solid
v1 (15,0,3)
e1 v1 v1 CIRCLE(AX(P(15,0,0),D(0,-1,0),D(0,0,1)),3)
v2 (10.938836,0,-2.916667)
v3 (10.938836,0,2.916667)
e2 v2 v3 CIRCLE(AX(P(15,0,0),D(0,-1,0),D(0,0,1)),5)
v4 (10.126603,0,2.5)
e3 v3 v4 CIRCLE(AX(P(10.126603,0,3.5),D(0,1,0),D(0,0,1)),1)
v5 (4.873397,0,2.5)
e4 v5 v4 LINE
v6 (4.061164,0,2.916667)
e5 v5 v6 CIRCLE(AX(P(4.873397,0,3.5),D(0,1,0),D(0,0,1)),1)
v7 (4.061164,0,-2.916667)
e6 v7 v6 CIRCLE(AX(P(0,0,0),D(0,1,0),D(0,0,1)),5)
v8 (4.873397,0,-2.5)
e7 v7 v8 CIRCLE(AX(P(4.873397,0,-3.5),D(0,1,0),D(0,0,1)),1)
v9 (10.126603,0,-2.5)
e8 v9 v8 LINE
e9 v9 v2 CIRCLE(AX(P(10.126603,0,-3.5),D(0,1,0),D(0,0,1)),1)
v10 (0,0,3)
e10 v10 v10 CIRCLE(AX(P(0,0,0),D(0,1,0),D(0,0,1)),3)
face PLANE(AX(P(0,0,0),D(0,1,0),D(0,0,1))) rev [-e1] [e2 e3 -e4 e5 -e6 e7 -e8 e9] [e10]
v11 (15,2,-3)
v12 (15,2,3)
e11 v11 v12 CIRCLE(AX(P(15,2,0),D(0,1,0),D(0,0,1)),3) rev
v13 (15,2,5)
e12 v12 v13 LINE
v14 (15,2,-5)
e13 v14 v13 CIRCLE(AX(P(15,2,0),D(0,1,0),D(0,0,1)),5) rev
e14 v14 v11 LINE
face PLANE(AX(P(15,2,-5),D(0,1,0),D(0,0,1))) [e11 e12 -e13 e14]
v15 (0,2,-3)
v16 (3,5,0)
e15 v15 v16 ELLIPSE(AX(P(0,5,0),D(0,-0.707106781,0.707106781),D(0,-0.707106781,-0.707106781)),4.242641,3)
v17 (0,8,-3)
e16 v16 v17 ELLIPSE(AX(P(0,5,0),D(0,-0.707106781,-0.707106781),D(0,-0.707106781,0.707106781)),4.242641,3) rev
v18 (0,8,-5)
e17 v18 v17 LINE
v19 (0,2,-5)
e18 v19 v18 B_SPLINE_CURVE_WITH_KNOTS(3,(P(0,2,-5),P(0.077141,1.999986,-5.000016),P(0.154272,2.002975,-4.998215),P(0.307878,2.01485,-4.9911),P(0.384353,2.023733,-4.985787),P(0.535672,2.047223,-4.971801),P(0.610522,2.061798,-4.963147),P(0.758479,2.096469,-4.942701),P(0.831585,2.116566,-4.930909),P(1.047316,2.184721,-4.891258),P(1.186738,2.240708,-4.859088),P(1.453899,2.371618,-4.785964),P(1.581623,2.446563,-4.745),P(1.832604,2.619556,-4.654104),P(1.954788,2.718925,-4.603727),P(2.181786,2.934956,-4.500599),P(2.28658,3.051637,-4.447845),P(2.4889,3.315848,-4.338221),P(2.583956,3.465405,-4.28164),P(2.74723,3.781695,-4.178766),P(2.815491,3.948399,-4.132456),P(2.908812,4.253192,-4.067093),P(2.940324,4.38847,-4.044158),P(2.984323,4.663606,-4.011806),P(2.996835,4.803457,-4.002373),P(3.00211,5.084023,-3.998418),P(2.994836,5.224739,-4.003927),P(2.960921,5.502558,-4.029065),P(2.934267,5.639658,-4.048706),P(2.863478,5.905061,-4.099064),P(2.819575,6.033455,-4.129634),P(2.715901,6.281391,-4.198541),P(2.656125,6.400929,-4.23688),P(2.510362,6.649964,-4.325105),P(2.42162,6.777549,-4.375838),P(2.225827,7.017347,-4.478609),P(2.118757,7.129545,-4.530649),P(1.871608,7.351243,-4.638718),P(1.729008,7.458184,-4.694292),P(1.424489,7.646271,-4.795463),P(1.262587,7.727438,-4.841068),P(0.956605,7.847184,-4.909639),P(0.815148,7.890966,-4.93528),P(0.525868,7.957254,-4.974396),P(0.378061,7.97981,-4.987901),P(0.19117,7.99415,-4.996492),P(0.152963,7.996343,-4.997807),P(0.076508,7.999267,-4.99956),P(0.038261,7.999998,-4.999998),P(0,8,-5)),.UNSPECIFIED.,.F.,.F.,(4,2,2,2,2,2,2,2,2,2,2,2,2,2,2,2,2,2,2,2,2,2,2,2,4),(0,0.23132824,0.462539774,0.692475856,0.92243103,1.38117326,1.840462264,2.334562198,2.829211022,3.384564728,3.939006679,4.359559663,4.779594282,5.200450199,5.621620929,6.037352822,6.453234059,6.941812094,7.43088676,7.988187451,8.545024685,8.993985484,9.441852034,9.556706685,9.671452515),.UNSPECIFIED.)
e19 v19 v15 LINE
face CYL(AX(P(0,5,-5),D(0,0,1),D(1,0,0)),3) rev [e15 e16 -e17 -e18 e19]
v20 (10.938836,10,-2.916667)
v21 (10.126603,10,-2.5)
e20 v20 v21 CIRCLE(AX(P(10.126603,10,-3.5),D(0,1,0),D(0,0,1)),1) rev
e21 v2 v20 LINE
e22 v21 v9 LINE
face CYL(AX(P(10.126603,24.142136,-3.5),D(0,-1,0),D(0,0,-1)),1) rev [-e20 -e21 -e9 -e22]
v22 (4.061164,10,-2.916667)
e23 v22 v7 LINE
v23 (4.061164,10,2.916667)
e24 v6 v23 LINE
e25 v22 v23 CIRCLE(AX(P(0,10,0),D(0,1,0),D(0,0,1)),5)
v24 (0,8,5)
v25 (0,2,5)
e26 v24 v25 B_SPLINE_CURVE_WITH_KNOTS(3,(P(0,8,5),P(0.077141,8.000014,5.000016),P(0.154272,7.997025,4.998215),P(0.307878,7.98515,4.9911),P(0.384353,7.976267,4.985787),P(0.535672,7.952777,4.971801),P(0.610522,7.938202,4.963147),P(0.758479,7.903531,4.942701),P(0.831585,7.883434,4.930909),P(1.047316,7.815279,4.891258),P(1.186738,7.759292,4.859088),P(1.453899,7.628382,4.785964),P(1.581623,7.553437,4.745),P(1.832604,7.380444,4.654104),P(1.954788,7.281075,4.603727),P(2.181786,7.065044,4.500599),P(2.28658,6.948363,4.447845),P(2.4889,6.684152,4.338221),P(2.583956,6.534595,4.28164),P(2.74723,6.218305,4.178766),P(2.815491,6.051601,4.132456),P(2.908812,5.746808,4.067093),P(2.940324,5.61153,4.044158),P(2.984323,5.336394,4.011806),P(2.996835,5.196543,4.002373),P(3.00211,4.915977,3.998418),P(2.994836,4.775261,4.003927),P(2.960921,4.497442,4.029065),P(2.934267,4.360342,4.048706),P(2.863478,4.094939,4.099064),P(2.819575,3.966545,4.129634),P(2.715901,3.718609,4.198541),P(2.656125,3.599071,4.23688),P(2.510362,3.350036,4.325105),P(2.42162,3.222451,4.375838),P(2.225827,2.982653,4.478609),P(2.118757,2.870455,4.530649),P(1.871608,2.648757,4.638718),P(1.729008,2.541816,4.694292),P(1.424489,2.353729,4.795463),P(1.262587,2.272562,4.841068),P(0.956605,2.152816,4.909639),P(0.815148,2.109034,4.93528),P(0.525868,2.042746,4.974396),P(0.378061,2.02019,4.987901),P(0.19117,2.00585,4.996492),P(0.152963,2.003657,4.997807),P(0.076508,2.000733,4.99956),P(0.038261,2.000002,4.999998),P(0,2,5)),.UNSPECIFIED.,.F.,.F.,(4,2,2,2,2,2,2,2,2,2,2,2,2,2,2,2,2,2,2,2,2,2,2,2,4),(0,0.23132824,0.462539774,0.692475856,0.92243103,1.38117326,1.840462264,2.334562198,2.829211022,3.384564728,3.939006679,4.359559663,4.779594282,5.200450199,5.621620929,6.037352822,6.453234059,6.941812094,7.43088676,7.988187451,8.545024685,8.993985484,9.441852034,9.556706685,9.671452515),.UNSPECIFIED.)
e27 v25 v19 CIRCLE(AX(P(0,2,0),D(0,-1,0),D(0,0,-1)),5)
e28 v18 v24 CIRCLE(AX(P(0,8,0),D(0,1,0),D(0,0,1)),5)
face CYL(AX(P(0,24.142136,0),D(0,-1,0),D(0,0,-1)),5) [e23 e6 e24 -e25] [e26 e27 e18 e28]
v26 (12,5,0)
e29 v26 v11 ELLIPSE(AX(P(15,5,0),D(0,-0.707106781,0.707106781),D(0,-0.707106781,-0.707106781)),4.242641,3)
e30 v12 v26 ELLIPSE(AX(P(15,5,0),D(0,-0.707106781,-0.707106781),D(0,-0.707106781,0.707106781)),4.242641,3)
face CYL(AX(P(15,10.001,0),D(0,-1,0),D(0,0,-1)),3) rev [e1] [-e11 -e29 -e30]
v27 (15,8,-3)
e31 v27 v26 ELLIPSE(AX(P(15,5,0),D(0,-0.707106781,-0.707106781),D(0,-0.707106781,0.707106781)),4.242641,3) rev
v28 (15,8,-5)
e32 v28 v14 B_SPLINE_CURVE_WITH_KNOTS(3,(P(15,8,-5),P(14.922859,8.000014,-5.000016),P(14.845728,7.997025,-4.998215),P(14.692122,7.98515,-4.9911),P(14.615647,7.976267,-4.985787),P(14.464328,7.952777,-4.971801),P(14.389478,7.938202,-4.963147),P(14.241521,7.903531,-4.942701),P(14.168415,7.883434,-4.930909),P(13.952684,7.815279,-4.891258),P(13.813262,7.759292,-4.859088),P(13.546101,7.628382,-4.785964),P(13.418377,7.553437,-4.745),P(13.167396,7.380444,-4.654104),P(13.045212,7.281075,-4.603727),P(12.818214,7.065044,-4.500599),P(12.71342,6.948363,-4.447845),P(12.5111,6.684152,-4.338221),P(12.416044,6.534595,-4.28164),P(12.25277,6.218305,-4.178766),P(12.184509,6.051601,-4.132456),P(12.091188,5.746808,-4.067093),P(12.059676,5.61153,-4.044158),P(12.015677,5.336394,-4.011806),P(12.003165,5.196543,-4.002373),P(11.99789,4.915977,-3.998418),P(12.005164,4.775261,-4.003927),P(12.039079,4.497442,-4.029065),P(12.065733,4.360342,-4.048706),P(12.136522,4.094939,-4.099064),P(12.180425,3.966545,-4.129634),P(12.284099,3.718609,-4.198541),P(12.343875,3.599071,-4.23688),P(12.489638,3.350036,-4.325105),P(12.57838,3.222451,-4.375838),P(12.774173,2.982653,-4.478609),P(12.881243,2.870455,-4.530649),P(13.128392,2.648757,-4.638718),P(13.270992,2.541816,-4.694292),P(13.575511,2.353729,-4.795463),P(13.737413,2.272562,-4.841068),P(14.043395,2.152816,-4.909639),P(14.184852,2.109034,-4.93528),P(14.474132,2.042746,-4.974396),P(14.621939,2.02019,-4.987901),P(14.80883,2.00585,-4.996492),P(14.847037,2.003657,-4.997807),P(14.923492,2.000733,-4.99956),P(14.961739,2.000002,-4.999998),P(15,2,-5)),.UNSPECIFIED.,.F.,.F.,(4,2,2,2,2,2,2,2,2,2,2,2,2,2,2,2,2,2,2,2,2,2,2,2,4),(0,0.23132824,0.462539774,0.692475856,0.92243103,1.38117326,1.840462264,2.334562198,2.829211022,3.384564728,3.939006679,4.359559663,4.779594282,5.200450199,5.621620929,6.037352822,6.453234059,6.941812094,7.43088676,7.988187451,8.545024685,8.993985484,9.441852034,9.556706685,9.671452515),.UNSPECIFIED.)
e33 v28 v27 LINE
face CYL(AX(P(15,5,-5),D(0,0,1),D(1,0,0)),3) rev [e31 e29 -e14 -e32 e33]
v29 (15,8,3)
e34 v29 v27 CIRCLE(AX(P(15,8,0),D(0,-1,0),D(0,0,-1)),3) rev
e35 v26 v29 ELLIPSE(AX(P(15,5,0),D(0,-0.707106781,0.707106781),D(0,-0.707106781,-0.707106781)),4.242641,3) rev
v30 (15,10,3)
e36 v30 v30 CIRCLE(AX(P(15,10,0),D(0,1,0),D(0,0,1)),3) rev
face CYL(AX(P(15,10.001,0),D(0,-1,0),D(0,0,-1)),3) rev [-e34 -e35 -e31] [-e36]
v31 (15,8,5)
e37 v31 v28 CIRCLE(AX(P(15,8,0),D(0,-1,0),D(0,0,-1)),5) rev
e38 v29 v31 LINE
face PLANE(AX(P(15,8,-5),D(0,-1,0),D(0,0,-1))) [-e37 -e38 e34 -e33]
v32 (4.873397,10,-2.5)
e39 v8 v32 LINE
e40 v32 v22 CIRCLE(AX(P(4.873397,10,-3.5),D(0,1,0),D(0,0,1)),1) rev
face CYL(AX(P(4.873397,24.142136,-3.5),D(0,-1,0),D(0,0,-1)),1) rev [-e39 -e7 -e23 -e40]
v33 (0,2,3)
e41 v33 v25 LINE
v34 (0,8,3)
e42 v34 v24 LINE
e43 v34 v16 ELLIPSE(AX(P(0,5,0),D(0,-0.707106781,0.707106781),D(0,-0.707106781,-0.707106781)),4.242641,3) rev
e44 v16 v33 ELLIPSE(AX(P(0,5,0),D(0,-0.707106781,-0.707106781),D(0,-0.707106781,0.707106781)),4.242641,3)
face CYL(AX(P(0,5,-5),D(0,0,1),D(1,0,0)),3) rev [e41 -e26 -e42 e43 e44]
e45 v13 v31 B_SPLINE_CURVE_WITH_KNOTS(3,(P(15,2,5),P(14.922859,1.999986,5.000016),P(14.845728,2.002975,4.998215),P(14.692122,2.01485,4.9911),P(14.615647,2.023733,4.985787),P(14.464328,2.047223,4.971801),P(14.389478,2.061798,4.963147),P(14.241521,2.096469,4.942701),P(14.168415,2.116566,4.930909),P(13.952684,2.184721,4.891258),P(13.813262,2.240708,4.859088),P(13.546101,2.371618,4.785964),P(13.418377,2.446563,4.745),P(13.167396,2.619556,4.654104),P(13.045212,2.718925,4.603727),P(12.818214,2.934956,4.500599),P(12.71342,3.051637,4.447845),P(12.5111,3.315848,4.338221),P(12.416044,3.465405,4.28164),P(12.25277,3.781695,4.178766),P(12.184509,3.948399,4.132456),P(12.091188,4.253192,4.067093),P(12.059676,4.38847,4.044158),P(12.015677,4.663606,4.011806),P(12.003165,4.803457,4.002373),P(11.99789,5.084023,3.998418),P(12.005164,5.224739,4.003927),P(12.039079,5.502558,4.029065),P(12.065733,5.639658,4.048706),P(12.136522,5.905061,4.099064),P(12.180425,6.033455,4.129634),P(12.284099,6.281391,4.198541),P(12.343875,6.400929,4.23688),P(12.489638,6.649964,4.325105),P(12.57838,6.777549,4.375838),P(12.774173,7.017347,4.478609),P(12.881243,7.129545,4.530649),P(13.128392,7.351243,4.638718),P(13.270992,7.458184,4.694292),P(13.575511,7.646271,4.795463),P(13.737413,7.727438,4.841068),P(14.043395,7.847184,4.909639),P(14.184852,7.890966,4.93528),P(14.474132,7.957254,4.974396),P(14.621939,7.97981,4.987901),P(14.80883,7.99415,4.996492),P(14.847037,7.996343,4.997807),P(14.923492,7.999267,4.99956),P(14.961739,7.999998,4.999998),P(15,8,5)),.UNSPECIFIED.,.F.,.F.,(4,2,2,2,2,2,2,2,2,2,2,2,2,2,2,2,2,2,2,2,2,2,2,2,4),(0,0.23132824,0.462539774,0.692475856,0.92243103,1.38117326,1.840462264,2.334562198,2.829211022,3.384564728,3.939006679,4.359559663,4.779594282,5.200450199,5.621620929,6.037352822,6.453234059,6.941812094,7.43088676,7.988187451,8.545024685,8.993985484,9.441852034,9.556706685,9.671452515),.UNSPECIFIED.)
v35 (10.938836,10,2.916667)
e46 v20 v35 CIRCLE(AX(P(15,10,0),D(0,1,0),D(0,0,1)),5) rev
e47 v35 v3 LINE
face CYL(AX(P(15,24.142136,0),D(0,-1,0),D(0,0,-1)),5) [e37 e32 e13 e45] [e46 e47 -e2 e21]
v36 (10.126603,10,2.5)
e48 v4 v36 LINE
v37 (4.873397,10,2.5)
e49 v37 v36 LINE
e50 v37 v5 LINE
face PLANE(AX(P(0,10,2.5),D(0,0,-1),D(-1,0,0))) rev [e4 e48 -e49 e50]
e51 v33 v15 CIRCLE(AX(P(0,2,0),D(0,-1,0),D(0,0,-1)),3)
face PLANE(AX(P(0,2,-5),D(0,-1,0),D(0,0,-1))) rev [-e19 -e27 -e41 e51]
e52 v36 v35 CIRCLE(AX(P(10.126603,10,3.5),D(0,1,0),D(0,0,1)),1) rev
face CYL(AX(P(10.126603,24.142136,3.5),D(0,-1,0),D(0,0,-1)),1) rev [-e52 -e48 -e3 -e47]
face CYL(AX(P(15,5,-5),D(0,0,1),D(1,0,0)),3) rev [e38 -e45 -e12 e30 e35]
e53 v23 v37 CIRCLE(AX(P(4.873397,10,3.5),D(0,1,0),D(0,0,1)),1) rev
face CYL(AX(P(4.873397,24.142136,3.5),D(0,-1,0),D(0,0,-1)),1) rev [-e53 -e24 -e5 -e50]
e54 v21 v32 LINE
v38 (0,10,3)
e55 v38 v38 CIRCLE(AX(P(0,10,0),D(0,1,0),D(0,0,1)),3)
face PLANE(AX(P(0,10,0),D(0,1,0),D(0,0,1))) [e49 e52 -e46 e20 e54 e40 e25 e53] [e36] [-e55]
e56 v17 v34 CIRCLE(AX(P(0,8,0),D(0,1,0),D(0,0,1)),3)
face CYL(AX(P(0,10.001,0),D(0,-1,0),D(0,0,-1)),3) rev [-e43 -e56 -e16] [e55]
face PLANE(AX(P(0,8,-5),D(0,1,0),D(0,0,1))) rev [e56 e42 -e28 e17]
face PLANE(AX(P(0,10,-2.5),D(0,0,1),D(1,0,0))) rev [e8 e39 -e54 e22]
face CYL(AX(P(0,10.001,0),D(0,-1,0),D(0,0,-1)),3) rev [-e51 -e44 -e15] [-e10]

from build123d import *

# Parameters (mm, degrees)
SKETCH1_W            = 7.5
SKETCH1_H            = 5
BOSS_EXTRUDE1_DEPTH  = 10
SKETCH2_R            = 5
BOSS_EXTRUDE2_DEPTH  = 10
CUT_EXTRUDE1_REACH   = 15.463
SKETCH3_R            = 3
CUT_EXTRUDE2_DEPTH   = 14.462912018
FILLET1_R            = 1
FILLET1_OF_MIRROR1_R = 1


with BuildPart() as part:
    # Sketch1 → Boss-Extrude1 (new body)
    with BuildSketch(Plane(origin=(0, 0, 0), x_dir=(1, 0, 0), z_dir=(0, 1, 0))):
        with Locations((3.75, 0)):
            Rectangle(SKETCH1_W, SKETCH1_H)
    boss_extrude1 = extrude(amount=BOSS_EXTRUDE1_DEPTH)

    # Sketch2 → Boss-Extrude2 (add)
    with BuildSketch(Plane(origin=(0, 0, 0), x_dir=(1, 0, 0), z_dir=(0, 1, 0))):
        Circle(SKETCH2_R)
    boss_extrude2 = extrude(amount=BOSS_EXTRUDE2_DEPTH)

    # Sketch3 → Cut-Extrude1 (cut, up to next)
    with BuildSketch(Plane(origin=(0, 0, 0), x_dir=(1, 0, 0), z_dir=(0, 1, 0)), mode=Mode.PRIVATE) as cut_extrude1_sk1:
        with Locations(Location((0, 0, 0), (0, 0, 270))):
            Circle(SKETCH3_R)
    cut_extrude1_tool1 = extrude(cut_extrude1_sk1.sketch, amount=CUT_EXTRUDE1_REACH, mode=Mode.PRIVATE) & part.part
    cut_extrude1 = cut_extrude1_tool1.solids().sort_by_distance((0, 0, 0))[0]
    add(cut_extrude1, mode=Mode.SUBTRACT)

    # Sketch4 → Cut-Extrude2 (cut, symmetric)
    with BuildSketch(Plane.XY):
        with BuildLine():
            Line((0, 8), (-5, 8))
            Line((-5, 8), (-5, 2))
            Line((-5, 2), (0, 2))
            ThreePointArc((0, 2), (3, 5), (0, 8))
        make_face()
    cut_extrude2 = extrude(amount=CUT_EXTRUDE2_DEPTH, both=True, mode=Mode.SUBTRACT)

    # Fillet1
    fillet1_edges = [part.edges().sort_by_distance(p)[0] for p in [
        (4.330127019, 5, 2.5),
        (4.330127019, 5, -2.5),
    ]]
    fillet(fillet1_edges, radius=FILLET1_R)

    # Mirror1: Boss-Extrude1, Boss-Extrude2, Cut-Extrude1, Cut-Extrude2 across plane
    add(boss_extrude1.mirror(Plane(origin=(7.5, 10, -2.5), x_dir=(0, 0, 1), z_dir=(-1, 0, 0))))
    add(boss_extrude2.mirror(Plane(origin=(7.5, 10, -2.5), x_dir=(0, 0, 1), z_dir=(-1, 0, 0))))
    add(cut_extrude1.mirror(Plane(origin=(7.5, 10, -2.5), x_dir=(0, 0, 1), z_dir=(-1, 0, 0))), mode=Mode.SUBTRACT)
    add(cut_extrude2.mirror(Plane(origin=(7.5, 10, -2.5), x_dir=(0, 0, 1), z_dir=(-1, 0, 0))), mode=Mode.SUBTRACT)

    # Fillet1 of Mirror1
    fillet1_of_mirror1_edges = [part.edges().sort_by_distance(p)[0] for p in [
        (10.669872981, 5, 2.5),
        (10.669872981, 5, -2.5),
    ]]
    fillet(fillet1_of_mirror1_edges, radius=FILLET1_OF_MIRROR1_R)


solid = part.part
